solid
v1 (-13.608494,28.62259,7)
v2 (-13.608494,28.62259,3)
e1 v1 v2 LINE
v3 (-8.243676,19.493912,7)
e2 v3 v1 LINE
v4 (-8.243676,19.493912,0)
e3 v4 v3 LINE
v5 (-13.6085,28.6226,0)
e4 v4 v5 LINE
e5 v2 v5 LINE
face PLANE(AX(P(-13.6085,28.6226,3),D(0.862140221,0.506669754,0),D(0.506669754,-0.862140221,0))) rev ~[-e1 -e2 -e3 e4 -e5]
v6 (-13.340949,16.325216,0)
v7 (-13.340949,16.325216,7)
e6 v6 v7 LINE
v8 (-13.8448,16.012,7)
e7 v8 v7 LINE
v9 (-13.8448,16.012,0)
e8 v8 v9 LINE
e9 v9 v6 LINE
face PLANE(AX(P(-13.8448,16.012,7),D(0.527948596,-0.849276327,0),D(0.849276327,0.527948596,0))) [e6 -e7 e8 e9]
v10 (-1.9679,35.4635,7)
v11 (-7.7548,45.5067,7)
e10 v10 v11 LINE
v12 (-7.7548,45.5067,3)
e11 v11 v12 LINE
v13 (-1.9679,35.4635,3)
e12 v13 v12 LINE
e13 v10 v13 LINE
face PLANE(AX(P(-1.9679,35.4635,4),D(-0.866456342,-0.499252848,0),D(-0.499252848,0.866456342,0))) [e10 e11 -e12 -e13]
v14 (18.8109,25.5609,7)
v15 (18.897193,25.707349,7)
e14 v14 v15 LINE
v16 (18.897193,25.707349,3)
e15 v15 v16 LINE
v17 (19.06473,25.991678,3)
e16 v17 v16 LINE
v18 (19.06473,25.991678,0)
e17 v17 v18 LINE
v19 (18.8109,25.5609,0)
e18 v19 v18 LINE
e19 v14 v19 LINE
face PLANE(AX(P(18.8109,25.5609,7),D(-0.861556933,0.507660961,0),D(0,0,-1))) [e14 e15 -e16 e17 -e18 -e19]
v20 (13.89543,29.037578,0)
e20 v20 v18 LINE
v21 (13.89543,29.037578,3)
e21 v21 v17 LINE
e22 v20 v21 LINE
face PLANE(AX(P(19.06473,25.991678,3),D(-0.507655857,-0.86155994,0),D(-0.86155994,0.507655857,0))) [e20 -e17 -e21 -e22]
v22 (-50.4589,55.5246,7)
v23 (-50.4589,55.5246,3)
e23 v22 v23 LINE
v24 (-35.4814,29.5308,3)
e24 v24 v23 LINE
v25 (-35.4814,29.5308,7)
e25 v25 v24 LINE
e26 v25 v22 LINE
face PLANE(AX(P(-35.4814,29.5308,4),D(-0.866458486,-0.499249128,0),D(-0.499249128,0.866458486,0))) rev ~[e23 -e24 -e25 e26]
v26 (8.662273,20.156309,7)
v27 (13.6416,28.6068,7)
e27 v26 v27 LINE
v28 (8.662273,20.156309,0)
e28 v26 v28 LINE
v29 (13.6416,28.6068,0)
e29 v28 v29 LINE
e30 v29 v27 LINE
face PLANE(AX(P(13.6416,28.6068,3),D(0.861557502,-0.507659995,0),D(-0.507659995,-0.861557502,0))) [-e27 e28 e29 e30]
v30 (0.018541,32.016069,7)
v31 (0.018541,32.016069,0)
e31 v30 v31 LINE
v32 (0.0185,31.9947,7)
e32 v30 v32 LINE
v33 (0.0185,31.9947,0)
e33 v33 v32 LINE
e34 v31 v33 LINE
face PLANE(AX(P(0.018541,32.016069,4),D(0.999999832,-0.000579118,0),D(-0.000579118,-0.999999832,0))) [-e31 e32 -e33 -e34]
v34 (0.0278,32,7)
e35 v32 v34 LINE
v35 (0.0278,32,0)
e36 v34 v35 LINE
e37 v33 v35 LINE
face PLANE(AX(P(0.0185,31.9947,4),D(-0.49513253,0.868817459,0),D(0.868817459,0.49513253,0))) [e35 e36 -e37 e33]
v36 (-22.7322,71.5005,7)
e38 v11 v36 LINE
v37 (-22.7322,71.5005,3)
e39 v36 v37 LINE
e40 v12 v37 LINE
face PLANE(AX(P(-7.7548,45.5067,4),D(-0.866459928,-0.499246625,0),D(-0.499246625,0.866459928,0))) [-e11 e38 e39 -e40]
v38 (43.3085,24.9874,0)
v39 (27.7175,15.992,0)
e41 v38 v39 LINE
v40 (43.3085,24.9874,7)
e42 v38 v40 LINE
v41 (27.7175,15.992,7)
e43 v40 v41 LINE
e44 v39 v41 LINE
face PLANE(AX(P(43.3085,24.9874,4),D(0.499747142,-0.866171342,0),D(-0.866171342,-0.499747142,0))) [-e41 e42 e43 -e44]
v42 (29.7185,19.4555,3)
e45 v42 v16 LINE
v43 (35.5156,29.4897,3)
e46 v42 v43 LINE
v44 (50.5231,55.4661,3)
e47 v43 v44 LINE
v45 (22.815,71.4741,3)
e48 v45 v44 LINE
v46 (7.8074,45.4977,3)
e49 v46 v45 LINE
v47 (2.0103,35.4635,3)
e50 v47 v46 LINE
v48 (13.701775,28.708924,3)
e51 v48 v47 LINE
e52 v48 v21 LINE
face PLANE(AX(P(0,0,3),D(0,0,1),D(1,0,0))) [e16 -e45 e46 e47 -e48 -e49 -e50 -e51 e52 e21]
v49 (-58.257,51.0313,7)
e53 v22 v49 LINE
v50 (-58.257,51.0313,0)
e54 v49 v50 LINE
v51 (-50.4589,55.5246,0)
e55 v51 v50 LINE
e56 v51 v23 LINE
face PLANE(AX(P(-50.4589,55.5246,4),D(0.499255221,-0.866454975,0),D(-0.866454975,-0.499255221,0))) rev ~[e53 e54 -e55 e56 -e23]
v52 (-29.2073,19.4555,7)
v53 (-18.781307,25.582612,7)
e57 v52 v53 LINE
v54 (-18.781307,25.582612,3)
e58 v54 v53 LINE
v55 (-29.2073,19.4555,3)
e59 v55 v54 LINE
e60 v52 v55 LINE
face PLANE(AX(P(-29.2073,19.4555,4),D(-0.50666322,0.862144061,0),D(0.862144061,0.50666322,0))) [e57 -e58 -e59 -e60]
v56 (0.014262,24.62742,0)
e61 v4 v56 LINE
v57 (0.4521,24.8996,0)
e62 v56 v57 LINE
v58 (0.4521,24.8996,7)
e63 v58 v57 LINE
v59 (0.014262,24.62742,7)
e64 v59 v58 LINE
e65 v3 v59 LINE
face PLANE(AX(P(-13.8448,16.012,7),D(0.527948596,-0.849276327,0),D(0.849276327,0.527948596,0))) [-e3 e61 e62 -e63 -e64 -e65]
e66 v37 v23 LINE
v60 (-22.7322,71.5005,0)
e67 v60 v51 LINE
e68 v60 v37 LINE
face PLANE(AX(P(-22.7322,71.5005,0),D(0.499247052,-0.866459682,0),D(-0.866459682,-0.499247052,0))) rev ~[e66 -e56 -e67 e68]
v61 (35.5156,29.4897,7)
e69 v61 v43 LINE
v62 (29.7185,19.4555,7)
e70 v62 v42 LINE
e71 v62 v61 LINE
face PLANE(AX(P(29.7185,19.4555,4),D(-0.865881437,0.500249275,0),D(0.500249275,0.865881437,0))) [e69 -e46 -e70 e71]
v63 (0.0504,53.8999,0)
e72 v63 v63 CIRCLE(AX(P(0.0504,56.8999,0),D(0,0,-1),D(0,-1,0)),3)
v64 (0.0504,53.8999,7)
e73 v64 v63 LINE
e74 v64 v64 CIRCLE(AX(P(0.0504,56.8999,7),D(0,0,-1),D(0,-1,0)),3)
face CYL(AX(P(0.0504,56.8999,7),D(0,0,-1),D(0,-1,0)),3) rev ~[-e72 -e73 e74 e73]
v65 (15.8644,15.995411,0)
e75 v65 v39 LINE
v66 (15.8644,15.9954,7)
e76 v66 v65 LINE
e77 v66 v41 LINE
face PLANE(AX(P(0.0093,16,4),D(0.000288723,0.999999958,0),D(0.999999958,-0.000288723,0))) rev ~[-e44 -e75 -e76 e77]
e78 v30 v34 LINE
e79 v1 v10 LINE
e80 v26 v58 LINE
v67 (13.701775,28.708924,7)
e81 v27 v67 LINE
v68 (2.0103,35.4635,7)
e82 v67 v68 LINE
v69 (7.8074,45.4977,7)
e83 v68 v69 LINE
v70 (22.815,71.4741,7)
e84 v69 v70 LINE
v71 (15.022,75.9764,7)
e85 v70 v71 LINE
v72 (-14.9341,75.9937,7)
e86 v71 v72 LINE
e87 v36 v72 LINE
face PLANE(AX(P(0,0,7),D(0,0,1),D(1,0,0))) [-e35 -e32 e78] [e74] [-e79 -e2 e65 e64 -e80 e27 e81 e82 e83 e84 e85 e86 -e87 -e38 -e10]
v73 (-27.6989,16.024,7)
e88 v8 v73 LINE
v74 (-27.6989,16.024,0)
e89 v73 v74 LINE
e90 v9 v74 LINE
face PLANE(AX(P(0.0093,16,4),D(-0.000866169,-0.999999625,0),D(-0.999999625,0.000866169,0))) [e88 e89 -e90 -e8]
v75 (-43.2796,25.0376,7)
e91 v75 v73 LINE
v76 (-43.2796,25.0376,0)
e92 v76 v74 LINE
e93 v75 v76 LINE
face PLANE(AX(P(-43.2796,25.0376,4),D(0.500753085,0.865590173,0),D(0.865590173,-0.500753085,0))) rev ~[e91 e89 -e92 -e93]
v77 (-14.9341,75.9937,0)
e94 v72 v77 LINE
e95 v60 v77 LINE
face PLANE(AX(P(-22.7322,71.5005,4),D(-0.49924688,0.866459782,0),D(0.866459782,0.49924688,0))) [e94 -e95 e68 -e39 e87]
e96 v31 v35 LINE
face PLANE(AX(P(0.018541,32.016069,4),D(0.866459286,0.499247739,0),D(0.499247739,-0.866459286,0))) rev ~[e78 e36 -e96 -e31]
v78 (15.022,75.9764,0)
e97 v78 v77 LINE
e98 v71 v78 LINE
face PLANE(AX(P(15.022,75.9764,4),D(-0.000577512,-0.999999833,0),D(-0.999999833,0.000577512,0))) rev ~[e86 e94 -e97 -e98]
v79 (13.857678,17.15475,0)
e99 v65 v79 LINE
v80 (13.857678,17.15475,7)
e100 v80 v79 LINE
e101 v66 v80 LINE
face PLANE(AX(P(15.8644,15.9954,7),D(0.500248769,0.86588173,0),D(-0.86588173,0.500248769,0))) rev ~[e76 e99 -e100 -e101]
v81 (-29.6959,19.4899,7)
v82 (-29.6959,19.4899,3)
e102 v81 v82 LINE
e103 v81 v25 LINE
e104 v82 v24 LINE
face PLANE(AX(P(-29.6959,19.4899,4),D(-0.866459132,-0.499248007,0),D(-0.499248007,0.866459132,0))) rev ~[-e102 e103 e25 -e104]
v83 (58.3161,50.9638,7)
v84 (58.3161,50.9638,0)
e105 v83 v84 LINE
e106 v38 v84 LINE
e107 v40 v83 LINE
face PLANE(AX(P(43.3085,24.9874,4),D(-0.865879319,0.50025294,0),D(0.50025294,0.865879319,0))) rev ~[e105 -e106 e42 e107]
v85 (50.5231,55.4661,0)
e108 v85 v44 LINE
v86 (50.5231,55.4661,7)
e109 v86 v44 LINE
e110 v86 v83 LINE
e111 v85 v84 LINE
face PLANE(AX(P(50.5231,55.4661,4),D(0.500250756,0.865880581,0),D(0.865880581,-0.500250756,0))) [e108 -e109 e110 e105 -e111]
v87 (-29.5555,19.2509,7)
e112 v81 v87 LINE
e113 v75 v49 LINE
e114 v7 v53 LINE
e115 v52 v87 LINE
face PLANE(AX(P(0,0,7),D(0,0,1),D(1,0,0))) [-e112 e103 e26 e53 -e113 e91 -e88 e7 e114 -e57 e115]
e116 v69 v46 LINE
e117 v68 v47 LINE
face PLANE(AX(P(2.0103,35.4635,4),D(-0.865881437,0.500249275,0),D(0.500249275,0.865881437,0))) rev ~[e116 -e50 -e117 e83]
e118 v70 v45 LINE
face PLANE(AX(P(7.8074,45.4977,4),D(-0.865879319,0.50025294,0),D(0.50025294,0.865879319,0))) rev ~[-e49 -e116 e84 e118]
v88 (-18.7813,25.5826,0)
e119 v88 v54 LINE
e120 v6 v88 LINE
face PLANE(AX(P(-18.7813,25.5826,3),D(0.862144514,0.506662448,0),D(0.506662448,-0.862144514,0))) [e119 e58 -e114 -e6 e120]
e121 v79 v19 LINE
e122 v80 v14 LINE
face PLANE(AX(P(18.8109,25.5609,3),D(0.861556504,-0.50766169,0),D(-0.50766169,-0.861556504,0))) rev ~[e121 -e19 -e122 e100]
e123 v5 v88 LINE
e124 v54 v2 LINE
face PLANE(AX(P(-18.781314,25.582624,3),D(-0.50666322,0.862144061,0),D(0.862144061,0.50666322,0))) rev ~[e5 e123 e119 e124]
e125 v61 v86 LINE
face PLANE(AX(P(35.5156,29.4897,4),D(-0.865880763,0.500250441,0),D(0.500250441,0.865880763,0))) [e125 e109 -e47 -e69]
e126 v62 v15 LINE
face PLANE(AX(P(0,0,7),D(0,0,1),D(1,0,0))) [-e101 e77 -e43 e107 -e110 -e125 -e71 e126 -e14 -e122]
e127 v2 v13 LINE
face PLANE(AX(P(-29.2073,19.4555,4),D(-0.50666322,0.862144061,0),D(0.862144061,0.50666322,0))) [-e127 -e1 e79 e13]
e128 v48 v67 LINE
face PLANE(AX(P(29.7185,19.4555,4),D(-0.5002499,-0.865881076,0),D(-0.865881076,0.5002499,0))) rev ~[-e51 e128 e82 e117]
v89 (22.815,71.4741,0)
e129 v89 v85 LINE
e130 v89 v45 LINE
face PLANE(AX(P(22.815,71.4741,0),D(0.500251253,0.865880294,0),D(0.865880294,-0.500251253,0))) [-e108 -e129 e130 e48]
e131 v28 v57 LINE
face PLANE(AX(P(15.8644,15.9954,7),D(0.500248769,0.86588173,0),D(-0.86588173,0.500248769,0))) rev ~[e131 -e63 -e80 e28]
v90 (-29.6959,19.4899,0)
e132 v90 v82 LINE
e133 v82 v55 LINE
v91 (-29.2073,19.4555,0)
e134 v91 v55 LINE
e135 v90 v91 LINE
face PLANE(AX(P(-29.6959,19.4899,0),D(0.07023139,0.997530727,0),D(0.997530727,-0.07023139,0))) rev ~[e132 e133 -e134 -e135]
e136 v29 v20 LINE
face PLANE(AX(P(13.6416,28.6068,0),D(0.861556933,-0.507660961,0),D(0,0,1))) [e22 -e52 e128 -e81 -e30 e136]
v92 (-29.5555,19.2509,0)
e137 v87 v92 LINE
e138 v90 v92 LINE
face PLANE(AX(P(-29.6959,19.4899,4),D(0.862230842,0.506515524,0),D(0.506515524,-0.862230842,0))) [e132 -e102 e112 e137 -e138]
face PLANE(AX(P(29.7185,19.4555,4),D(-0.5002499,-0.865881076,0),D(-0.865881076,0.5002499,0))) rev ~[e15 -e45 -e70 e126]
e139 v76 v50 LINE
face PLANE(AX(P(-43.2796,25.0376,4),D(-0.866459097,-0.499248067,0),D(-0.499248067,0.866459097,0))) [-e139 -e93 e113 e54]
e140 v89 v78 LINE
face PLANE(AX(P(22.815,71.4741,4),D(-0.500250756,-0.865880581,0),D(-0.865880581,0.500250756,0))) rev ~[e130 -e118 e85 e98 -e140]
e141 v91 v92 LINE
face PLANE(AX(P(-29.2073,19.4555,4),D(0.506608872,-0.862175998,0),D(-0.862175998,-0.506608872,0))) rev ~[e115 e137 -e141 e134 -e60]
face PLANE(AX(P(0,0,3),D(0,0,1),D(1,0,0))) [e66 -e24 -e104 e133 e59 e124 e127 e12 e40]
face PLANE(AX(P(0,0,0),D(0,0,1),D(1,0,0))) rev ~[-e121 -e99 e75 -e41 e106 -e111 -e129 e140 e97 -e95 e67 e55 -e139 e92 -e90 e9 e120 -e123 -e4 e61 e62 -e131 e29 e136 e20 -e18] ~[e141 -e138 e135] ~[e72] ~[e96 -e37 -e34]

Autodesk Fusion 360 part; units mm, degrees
sketch "Skizze1" plane through (0, 0, 0) normal (0, 0, 1) x (1, 0, 0)
  line L0 (0.0185, 31.9947) -> (0.0278, 32)
  line L1 (-1.9679, 35.4635) -> (-7.7548, 45.5067)
  line L2 (-29.6959, 19.4899) -> (-35.4814, 29.5308)
  line L3 (-43.2796, 25.0376) -> (-27.6989, 16.024)
  line L4 (-0.7462, 33.3433) -> (0.0278, 32)
  line L5 (0.0278, 32) -> (0.8041, 33.3419)
  line L6 (0.0093, 16) -> (-27.6989, 16.024)
  line L7 (-7.7548, 45.5067) -> (-22.7322, 71.5005)
  line L8 (-35.4814, 29.5308) -> (-50.4589, 55.5246)
  line L9 (-22.7322, 71.5005) -> (-50.4589, 55.5246)
  line L10 (-22.7322, 71.5005) -> (-14.9341, 75.9937)
  line L11 (-43.2796, 25.0376) -> (-58.257, 51.0313)
  line L12 (-50.4589, 55.5246) -> (-58.257, 51.0313)
  line L13 (0.0434, 74.9415) -> (0, 0)
  line L14 (35.5156, 29.4897) -> (50.5231, 55.4661)
  line L15 (22.815, 71.4741) -> (15.022, 75.9764)
  line L16 (0.0093, 16) -> (27.7175, 15.992)
  line L17 (7.8074, 45.4977) -> (22.815, 71.4741)
  line L18 (29.7185, 19.4555) -> (35.5156, 29.4897)
  line L19 (43.3085, 24.9874) -> (27.7175, 15.992)
  line L20 (50.5231, 55.4661) -> (58.3161, 50.9638)
  line L21 (22.815, 71.4741) -> (50.5231, 55.4661)
  line L22 (43.3085, 24.9874) -> (58.3161, 50.9638)
  line L23 (2.0103, 35.4635) -> (7.8074, 45.4977)
  line L24 (15.022, 75.9764) -> (-14.9341, 75.9937)
  line L25 (29.7185, 19.4555) -> (2.0103, 35.4635)
  line L26 (-29.6959, 19.4899) -> (-29.2073, 19.4555)
  line L27 (-29.2073, 19.4555) -> (-1.9679, 35.4635)
  line L28 (0.0185, 31.9947) -> (0.0093, 32)
  line L29 (0.0434, 50) -> (0.029, 50.025)
  line L30 (0.0145, 50) -> (0.029, 50.025)
  line L31 (-29.2073, 19.4555) -> (-29.5555, 19.2509)
  line L32 (-29.6959, 19.4899) -> (-29.5555, 19.2509)
  dimension "d1" = 50
  dimension "d2" = 32
  dimension "d8" = 30
  dimension "d10" = 30
extrude "Extrusion3" add sketch "Skizze1" along normal blind 4 contours L1 L2 L3 L6 L7 L8 L10 L11 L12 L14 L15 L16 L17 L18 L19 L20 L22 L23 L24 L25 L27 L31 L32
extrude "Extrusion4" add sketch "Skizze1" along normal blind 3 contours L1 L2 L7 L8 L9 L26 L27 | L14 L17 L18 L21 L23 L25
extrude "Extrusion5" add 1 faces at (0.6994, 62.4779, 4) along direction (0, 0, 1) blind 3
hole "Bohrung1" at (0.0504, 56.8999, 7) direction (0, 0, -1) diameter 6 depth 8 tip angle 118
sketch "Skizze2" plane through (0, 0, 7) normal (0, 0, 1) x (-1, 0, 0)
  circle A0 centre (-0.0504, -56.8999) radius 3
  line L0 (-0.0278, -32) -> (-0.0185, -31.9947)
  line L1 (-0.0185, -31.9947) -> (-0.0185, -32.016)
  line L2 (-0.0185, -32.016) -> (-0.0278, -32)
  line L3 (29.6959, -19.4899) -> (50.4589, -55.5246)
  line L4 (50.4589, -55.5246) -> (58.257, -51.0313)
  line L5 (58.257, -51.0313) -> (43.2796, -25.0376)
  line L6 (43.2796, -25.0376) -> (27.6989, -16.024)
  line L7 (27.6989, -16.024) -> (-0.0093, -16)
  line L8 (-0.0093, -16) -> (-27.7175, -15.992)
  line L9 (-27.7175, -15.992) -> (-43.3085, -24.9874)
  line L10 (-43.3085, -24.9874) -> (-58.3161, -50.9638)
  line L11 (-58.3161, -50.9638) -> (-50.5231, -55.4661)
  line L12 (-50.5231, -55.4661) -> (-29.7185, -19.4555)
  line L13 (-29.7185, -19.4555) -> (-2.0103, -35.4635)
  line L14 (-2.0103, -35.4635) -> (-22.815, -71.4741)
  line L15 (-22.815, -71.4741) -> (-15.022, -75.9764)
  line L16 (-15.022, -75.9764) -> (14.9341, -75.9937)
  line L17 (14.9341, -75.9937) -> (22.7322, -71.5005)
  line L18 (22.7322, -71.5005) -> (1.9679, -35.4635)
  line L19 (1.9679, -35.4635) -> (29.5555, -19.2509)
  line L20 (29.5555, -19.2509) -> (29.6959, -19.4899)
  line L21 (-15.8644, -15.9954) -> (-0.4521, -24.8996)
  line L22 (13.8448, -16.012) -> (-0.4521, -24.8996)
extrude "Extrusion6" cut sketch "Skizze2" against normal blind 23 contours L7 L8 L21 L22
sketch "Skizze3" plane through (0, 0, 3) normal (0, 0, 1) x (-1, 0, 0)
  line L0 (29.6959, -19.4899) -> (29.2073, -19.4555)
  line L1 (29.2073, -19.4555) -> (1.9679, -35.4635)
  line L2 (1.9679, -35.4635) -> (22.7322, -71.5005)
  line L3 (22.7322, -71.5005) -> (50.4589, -55.5246)
  line L4 (50.4589, -55.5246) -> (29.6959, -19.4899)
  line L5 (18.7813, -25.5826) -> (13.6085, -28.6226)
  line L6 (18.7813, -25.5826) -> (13.1225, -15.9535)
  line L7 (13.6085, -28.6226) -> (7.9138, -18.9326)
  line L8 (7.9138, -18.9326) -> (13.1225, -15.9535)
  line L9 (-0.0434, -74.9415) -> (0, 0)
  line L10 (-13.6416, -28.6068) -> (-7.9358, -18.9234)
  line L11 (-7.9358, -18.9234) -> (-13.1409, -15.9383)
  line L12 (-18.8109, -25.5609) -> (-13.1409, -15.9383)
  line L13 (-18.8109, -25.5609) -> (-13.6416, -28.6068)
  dimension "d23" = 6
  dimension "d24" = 12.5
extrude "Extrusion7" cut sketch "Skizze3" along normal mid plane 26 contours L1 L5 L6 L7 L8 | L10 L11 L12 L13
extrude "Extrusion8" cut 1 faces at (17.0878, 26.5762, 2.3333) along direction (0.507661, 0.861557, 0) blind 0.5
